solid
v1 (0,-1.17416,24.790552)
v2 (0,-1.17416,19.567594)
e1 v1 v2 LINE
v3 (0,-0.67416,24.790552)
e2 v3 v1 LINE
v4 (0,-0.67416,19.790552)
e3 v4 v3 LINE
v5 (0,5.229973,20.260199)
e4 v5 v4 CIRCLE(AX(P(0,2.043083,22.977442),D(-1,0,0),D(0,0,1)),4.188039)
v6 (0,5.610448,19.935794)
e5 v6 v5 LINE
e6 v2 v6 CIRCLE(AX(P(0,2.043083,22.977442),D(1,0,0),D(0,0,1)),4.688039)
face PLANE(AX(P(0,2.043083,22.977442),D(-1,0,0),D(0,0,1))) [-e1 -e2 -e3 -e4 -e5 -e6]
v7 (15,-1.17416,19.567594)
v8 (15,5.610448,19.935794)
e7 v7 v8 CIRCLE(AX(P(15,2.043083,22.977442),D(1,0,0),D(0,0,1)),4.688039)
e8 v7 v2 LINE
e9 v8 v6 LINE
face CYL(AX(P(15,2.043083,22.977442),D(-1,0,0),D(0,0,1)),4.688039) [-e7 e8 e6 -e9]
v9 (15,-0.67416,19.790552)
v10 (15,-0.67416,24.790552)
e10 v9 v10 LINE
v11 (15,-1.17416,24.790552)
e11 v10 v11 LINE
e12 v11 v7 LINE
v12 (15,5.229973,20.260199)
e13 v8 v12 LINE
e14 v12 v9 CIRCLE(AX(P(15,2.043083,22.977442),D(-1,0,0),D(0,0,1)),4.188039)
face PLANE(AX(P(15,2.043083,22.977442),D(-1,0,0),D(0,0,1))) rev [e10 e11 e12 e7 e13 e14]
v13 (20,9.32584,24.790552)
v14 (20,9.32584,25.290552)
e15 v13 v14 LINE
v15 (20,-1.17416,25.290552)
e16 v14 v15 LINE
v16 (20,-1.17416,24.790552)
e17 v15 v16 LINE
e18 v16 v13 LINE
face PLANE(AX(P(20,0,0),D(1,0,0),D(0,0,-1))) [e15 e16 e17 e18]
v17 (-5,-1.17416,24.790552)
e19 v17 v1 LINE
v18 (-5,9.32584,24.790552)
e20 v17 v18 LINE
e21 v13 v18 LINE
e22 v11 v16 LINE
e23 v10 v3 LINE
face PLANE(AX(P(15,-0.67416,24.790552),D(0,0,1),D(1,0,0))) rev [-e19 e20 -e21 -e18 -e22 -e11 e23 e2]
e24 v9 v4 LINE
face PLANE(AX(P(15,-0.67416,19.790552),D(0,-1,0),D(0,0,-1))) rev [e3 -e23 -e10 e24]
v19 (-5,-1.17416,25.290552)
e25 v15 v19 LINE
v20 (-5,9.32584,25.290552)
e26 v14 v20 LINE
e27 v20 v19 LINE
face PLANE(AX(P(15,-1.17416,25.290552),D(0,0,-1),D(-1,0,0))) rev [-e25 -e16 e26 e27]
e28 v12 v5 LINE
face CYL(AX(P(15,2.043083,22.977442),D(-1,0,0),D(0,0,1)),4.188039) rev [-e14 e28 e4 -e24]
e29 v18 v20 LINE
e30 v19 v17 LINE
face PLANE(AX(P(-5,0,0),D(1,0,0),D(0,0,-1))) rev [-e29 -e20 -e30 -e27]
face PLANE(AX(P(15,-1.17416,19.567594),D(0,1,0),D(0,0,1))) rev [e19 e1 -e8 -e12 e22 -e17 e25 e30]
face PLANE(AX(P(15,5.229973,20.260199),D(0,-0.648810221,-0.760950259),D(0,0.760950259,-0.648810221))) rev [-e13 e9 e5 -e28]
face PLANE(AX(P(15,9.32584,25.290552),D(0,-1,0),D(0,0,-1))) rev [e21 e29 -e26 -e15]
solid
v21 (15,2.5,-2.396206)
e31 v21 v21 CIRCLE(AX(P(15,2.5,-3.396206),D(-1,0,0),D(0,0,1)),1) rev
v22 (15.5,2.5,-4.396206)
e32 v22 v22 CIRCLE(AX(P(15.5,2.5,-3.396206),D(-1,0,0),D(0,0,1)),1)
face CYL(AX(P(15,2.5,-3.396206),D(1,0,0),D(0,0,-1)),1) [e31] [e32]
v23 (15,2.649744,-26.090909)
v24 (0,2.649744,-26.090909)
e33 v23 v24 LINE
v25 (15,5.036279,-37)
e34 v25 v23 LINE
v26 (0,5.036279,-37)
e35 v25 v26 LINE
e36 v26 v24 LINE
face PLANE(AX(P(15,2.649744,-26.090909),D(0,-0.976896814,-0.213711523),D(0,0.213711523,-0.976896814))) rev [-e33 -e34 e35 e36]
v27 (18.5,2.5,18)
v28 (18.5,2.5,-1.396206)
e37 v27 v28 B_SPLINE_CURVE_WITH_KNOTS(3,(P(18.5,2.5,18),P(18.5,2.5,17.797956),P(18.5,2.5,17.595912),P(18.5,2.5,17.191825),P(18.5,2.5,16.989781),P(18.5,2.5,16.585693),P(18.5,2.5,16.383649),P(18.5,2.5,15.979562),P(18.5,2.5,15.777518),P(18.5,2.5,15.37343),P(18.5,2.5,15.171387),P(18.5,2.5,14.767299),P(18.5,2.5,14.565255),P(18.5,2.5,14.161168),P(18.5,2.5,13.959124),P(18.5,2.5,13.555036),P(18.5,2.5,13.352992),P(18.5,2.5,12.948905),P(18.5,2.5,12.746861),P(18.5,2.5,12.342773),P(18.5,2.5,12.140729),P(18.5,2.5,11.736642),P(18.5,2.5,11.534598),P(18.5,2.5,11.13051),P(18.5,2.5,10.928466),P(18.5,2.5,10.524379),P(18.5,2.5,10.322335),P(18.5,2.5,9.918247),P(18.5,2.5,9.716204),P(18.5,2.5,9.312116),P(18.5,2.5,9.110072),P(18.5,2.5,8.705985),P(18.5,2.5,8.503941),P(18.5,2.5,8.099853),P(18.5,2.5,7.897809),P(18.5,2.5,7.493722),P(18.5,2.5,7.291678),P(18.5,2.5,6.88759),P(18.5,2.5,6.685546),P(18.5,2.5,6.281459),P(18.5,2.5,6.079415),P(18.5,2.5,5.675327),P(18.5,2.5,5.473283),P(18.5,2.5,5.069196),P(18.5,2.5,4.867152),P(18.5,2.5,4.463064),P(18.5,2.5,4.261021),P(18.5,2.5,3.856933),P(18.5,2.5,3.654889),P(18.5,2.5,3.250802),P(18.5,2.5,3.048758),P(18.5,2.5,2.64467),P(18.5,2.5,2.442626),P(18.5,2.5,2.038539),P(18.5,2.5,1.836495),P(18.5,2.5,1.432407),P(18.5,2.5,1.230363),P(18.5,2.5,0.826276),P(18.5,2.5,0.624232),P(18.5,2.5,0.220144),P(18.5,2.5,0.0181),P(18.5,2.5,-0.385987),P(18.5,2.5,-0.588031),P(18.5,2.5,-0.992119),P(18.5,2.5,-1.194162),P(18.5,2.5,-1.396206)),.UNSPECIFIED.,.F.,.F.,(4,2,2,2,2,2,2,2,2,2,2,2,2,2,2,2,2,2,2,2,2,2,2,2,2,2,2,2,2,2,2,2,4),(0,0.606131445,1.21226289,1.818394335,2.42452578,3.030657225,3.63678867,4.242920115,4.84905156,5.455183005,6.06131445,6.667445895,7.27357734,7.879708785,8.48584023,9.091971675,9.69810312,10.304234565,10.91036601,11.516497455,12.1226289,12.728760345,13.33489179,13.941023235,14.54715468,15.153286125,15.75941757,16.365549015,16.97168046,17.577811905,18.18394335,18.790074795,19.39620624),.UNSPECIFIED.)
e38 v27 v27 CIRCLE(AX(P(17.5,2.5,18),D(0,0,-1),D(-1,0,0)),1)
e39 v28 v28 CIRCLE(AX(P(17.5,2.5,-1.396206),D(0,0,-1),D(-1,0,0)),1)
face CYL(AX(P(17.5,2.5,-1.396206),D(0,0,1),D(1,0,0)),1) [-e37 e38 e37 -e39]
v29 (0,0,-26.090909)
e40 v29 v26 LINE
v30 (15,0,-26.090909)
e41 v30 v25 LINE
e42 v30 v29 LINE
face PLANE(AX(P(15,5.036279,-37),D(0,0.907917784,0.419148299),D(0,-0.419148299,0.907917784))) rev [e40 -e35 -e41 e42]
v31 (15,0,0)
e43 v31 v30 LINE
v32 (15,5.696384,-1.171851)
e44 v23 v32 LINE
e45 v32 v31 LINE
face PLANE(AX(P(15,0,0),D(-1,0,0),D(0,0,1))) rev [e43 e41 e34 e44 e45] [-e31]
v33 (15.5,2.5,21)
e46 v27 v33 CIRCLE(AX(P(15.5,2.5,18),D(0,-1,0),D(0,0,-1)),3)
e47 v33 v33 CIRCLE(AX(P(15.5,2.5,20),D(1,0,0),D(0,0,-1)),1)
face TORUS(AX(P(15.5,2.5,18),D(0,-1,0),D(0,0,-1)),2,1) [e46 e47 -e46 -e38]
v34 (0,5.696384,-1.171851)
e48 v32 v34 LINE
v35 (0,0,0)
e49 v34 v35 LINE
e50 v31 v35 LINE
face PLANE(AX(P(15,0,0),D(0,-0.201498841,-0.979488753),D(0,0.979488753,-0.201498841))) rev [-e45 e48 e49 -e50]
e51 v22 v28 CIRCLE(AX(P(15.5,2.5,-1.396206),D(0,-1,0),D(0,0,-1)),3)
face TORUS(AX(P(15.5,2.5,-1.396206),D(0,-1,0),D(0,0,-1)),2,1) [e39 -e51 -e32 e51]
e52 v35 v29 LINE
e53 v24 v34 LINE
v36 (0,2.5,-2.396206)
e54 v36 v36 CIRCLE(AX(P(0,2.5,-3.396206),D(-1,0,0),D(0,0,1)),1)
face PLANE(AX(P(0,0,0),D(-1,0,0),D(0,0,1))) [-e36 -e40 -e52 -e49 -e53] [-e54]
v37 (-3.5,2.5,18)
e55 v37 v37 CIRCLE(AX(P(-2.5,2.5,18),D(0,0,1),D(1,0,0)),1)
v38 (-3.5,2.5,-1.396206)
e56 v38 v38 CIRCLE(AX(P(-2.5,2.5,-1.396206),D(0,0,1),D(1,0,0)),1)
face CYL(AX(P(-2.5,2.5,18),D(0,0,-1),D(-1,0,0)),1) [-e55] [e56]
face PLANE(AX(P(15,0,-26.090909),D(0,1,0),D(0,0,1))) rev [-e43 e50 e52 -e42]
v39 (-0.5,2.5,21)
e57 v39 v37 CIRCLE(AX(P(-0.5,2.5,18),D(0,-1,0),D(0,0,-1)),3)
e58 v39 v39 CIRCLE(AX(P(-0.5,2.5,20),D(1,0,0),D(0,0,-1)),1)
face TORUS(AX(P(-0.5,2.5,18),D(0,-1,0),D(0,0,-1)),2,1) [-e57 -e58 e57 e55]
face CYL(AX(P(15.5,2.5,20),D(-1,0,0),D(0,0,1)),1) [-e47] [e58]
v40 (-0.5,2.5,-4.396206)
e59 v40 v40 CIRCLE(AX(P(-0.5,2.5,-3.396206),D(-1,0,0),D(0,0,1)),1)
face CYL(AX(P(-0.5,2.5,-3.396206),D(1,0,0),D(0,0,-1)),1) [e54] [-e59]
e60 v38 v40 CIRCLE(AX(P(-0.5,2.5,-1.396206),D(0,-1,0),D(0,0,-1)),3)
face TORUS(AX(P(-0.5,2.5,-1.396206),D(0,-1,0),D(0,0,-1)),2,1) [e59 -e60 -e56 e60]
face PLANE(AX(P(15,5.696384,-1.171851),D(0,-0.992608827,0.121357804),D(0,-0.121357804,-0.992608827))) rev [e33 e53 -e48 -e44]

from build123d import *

# Parameters (mm, degrees)
BOSS_EXTRUDE1_DEPTH      = 15
SWEEP1_PROFILE_R         = 1
BOSS_EXTRUDE2_DEPTH      = 7.5
BOSS_EXTRUDE3_DEPTH      = 5
BOSS_EXTRUDE3_DEPTH_BACK = 20
SKETCH14_W               = 0.5
SKETCH14_H               = 10.5


with BuildPart() as part:
    # Sketch1 → Boss-Extrude1 (new body)
    with BuildSketch(Plane(origin=(0, 0, 0), x_dir=(0, 0, -1), z_dir=(1, 0, 0))):
        Polygon((0, 0), (1.171850901, 5.696384018), (26.090909091, 2.649743604), (37, 5.036278595), (26.090909091, 0), align=None)
    extrude(amount=BOSS_EXTRUDE1_DEPTH)

    # Sweep1: sweep along a path in Sketch2
    with BuildLine(Plane(origin=(0, 2.5, 0), x_dir=(-1, 0, 0), z_dir=(0, -1, 0))) as sweep1_path:
        Line((-15, 3.39620624), (-15.5, 3.39620624))
        ThreePointArc((-15.5, 3.39620624), (-16.914213562, 2.810419803), (-17.5, 1.39620624))
        Line((-17.5, 1.39620624), (-17.5, -18))
        ThreePointArc((-17.5, -18), (-16.914213562, -19.414213562), (-15.5, -20))
        Line((-15.5, -20), (0.5, -20))
        ThreePointArc((0.5, -20), (1.914213562, -19.414213562), (2.5, -18))
        Line((2.5, -18), (2.5, 1.39620624))
        ThreePointArc((2.5, 1.39620624), (1.914213562, 2.810419803), (0.5, 3.39620624))
        Line((0.5, 3.39620624), (0, 3.39620624))
    # Sweep1 profile (on start of the path) → Sweep1 (sweep)
    with BuildSketch(Plane(origin=(15, 2.5, -3.39620624), x_dir=(0, 0, 1), z_dir=(1, 0, 0))):
        Circle(SWEEP1_PROFILE_R)
    sweep(path=sweep1_path.line)


with BuildPart() as body_2:
    # Sketch13 → Boss-Extrude2 (new, symmetric)
    with BuildSketch(Plane(origin=(7.5, 0, 0), x_dir=(0, 0, -1), z_dir=(1, 0, 0))):
        with BuildLine():
            Line((-19.790552216, -0.674159606), (-24.790552216, -0.674159606))
            Line((-24.790552216, -0.674159606), (-24.790552216, 9.325840394))
            Line((-24.790552216, 9.325840394), (-25.290552216, 9.325840394))
            Line((-25.290552216, 9.325840394), (-25.290552216, -1.174159606))
            Line((-25.290552216, -1.174159606), (-19.567594031, -1.174159606))
            ThreePointArc((-19.567594031, -1.174159606), (-18.296290964, 2.297128651), (-19.935793988, 5.610447755))
            Line((-19.935793988, 5.610447755), (-20.260199098, 5.229972625))
            ThreePointArc((-20.260199098, 5.229972625), (-18.802589835, 2.375173563), (-19.790552216, -0.674159606))
        make_face()
    extrude(amount=BOSS_EXTRUDE2_DEPTH, both=True)

    # Sketch14 → Boss-Extrude3 (add, two sides: drawn at the far end of the back side and taken through both)
    with BuildSketch(Plane(origin=(15, 0, 0), x_dir=(0, 0, -1), z_dir=(1, 0, 0)).offset(-BOSS_EXTRUDE3_DEPTH_BACK)):
        with Locations((-25.040552216, 4.075840394)):
            Rectangle(SKETCH14_W, SKETCH14_H)
    extrude(amount=BOSS_EXTRUDE3_DEPTH + BOSS_EXTRUDE3_DEPTH_BACK)


solid = Compound([part.part, body_2.part])
